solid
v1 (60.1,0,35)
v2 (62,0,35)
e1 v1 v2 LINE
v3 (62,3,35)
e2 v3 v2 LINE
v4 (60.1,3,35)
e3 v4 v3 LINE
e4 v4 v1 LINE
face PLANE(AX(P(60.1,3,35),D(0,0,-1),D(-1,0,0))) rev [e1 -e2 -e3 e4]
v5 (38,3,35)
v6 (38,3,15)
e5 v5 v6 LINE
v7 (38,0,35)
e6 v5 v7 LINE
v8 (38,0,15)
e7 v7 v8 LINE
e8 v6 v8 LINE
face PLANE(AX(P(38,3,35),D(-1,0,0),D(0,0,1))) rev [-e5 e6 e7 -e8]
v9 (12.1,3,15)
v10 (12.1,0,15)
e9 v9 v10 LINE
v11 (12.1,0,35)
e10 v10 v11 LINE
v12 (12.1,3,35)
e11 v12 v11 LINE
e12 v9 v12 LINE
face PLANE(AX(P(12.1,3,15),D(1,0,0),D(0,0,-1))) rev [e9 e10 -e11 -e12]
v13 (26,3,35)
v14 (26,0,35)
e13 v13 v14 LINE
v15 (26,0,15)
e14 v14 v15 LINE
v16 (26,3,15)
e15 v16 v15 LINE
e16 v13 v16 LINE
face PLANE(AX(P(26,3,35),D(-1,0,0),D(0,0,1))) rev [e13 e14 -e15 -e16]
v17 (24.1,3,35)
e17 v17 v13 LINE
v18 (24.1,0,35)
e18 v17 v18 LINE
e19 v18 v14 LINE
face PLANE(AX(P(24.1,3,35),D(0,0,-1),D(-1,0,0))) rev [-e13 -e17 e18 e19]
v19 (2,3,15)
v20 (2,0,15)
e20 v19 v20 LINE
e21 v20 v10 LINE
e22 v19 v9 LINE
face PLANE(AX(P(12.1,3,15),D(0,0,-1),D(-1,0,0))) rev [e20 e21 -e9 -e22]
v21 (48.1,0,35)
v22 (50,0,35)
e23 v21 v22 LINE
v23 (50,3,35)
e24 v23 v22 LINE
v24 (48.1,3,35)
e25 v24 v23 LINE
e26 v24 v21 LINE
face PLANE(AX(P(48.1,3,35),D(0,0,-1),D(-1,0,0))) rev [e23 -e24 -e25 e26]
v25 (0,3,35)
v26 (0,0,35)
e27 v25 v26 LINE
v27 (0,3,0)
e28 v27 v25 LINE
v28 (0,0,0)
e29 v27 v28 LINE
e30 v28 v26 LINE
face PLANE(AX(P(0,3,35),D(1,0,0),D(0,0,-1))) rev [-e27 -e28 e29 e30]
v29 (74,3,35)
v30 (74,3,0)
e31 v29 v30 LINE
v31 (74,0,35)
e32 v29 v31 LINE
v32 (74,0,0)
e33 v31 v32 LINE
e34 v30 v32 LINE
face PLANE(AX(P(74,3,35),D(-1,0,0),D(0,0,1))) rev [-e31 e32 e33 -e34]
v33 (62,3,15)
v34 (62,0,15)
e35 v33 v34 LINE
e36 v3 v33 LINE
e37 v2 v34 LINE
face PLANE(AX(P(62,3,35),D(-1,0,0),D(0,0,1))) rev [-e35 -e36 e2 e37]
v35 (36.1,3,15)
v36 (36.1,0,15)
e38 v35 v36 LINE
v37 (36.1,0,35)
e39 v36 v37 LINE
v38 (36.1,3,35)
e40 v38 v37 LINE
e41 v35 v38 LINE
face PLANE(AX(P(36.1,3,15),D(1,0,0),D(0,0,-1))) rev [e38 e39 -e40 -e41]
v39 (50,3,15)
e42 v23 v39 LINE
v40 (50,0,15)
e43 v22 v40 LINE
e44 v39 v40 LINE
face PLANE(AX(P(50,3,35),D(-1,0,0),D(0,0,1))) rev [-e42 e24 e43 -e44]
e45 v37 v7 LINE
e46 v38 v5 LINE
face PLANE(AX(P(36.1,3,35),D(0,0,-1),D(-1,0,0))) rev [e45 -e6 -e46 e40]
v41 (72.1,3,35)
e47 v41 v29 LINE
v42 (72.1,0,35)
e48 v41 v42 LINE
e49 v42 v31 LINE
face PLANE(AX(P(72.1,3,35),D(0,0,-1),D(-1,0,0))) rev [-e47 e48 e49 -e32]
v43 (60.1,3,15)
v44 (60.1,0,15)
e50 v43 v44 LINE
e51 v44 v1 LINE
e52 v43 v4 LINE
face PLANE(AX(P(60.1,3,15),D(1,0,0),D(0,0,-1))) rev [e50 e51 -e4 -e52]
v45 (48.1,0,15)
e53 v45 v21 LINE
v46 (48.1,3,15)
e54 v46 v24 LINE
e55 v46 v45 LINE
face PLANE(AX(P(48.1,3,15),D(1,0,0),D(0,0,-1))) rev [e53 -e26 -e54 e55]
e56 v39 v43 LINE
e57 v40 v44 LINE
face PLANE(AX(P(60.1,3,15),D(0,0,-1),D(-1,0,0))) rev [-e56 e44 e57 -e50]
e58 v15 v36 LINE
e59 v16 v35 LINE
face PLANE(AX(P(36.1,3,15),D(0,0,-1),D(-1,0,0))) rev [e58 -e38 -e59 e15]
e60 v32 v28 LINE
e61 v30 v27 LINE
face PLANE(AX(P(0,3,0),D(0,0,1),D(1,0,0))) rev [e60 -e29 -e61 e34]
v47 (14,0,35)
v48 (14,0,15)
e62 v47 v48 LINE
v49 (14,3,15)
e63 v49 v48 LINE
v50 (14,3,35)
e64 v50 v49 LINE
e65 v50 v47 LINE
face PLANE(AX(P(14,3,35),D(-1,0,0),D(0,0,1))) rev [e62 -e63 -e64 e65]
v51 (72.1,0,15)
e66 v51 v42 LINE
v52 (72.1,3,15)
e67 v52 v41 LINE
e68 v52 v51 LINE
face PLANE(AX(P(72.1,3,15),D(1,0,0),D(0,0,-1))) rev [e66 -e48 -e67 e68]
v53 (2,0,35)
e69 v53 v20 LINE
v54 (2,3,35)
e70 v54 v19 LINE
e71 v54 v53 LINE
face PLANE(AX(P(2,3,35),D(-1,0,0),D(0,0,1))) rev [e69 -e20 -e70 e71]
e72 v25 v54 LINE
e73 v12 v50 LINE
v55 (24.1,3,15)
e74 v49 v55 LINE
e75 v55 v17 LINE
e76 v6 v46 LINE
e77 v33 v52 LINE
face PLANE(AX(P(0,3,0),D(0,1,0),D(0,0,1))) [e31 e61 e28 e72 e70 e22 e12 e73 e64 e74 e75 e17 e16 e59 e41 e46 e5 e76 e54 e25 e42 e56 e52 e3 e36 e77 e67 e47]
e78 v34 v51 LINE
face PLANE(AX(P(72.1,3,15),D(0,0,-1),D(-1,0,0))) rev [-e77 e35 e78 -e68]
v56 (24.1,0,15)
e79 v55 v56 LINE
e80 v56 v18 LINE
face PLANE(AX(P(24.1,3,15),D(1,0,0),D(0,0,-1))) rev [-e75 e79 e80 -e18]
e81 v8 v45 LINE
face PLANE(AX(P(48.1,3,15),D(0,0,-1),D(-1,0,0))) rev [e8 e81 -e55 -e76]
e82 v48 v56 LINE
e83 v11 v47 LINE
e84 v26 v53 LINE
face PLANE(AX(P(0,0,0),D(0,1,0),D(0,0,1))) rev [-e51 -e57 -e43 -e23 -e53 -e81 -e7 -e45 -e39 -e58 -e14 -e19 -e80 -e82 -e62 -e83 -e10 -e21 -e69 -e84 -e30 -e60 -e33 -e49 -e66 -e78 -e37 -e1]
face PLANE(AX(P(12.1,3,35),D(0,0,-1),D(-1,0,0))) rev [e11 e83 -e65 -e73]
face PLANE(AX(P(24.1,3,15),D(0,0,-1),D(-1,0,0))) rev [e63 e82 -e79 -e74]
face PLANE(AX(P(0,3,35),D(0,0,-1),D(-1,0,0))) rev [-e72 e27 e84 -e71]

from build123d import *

# Parameters (mm, degrees)
BOSS_EXTRUDE1_DEPTH = 3


with BuildPart() as part:
    # Sketch1 → Boss-Extrude1 (new body)
    with BuildSketch(Plane(origin=(0, 0, 0), x_dir=(1, 0, 0), z_dir=(0, 1, 0))):
        Polygon((2, -35), (2, -15), (7.05, -15), (12.1, -15), (12.1, -35), (14, -35), (14, -15), (19.05, -15), (24.1, -15), (24.1, -35), (26, -35), (26, -15), (31.05, -15), (36.1, -15), (36.1, -35), (38, -35), (38, -15), (43.05, -15), (48.1, -15), (48.1, -35), (50, -35), (50, -15), (55.05, -15), (60.1, -15), (60.1, -35), (62, -35), (62, -15), (67.05, -15), (72.1, -15), (72.1, -35), (74, -35), (74, 0), (0, 0), (0, -35), align=None)
    extrude(amount=BOSS_EXTRUDE1_DEPTH)


solid = part.part
